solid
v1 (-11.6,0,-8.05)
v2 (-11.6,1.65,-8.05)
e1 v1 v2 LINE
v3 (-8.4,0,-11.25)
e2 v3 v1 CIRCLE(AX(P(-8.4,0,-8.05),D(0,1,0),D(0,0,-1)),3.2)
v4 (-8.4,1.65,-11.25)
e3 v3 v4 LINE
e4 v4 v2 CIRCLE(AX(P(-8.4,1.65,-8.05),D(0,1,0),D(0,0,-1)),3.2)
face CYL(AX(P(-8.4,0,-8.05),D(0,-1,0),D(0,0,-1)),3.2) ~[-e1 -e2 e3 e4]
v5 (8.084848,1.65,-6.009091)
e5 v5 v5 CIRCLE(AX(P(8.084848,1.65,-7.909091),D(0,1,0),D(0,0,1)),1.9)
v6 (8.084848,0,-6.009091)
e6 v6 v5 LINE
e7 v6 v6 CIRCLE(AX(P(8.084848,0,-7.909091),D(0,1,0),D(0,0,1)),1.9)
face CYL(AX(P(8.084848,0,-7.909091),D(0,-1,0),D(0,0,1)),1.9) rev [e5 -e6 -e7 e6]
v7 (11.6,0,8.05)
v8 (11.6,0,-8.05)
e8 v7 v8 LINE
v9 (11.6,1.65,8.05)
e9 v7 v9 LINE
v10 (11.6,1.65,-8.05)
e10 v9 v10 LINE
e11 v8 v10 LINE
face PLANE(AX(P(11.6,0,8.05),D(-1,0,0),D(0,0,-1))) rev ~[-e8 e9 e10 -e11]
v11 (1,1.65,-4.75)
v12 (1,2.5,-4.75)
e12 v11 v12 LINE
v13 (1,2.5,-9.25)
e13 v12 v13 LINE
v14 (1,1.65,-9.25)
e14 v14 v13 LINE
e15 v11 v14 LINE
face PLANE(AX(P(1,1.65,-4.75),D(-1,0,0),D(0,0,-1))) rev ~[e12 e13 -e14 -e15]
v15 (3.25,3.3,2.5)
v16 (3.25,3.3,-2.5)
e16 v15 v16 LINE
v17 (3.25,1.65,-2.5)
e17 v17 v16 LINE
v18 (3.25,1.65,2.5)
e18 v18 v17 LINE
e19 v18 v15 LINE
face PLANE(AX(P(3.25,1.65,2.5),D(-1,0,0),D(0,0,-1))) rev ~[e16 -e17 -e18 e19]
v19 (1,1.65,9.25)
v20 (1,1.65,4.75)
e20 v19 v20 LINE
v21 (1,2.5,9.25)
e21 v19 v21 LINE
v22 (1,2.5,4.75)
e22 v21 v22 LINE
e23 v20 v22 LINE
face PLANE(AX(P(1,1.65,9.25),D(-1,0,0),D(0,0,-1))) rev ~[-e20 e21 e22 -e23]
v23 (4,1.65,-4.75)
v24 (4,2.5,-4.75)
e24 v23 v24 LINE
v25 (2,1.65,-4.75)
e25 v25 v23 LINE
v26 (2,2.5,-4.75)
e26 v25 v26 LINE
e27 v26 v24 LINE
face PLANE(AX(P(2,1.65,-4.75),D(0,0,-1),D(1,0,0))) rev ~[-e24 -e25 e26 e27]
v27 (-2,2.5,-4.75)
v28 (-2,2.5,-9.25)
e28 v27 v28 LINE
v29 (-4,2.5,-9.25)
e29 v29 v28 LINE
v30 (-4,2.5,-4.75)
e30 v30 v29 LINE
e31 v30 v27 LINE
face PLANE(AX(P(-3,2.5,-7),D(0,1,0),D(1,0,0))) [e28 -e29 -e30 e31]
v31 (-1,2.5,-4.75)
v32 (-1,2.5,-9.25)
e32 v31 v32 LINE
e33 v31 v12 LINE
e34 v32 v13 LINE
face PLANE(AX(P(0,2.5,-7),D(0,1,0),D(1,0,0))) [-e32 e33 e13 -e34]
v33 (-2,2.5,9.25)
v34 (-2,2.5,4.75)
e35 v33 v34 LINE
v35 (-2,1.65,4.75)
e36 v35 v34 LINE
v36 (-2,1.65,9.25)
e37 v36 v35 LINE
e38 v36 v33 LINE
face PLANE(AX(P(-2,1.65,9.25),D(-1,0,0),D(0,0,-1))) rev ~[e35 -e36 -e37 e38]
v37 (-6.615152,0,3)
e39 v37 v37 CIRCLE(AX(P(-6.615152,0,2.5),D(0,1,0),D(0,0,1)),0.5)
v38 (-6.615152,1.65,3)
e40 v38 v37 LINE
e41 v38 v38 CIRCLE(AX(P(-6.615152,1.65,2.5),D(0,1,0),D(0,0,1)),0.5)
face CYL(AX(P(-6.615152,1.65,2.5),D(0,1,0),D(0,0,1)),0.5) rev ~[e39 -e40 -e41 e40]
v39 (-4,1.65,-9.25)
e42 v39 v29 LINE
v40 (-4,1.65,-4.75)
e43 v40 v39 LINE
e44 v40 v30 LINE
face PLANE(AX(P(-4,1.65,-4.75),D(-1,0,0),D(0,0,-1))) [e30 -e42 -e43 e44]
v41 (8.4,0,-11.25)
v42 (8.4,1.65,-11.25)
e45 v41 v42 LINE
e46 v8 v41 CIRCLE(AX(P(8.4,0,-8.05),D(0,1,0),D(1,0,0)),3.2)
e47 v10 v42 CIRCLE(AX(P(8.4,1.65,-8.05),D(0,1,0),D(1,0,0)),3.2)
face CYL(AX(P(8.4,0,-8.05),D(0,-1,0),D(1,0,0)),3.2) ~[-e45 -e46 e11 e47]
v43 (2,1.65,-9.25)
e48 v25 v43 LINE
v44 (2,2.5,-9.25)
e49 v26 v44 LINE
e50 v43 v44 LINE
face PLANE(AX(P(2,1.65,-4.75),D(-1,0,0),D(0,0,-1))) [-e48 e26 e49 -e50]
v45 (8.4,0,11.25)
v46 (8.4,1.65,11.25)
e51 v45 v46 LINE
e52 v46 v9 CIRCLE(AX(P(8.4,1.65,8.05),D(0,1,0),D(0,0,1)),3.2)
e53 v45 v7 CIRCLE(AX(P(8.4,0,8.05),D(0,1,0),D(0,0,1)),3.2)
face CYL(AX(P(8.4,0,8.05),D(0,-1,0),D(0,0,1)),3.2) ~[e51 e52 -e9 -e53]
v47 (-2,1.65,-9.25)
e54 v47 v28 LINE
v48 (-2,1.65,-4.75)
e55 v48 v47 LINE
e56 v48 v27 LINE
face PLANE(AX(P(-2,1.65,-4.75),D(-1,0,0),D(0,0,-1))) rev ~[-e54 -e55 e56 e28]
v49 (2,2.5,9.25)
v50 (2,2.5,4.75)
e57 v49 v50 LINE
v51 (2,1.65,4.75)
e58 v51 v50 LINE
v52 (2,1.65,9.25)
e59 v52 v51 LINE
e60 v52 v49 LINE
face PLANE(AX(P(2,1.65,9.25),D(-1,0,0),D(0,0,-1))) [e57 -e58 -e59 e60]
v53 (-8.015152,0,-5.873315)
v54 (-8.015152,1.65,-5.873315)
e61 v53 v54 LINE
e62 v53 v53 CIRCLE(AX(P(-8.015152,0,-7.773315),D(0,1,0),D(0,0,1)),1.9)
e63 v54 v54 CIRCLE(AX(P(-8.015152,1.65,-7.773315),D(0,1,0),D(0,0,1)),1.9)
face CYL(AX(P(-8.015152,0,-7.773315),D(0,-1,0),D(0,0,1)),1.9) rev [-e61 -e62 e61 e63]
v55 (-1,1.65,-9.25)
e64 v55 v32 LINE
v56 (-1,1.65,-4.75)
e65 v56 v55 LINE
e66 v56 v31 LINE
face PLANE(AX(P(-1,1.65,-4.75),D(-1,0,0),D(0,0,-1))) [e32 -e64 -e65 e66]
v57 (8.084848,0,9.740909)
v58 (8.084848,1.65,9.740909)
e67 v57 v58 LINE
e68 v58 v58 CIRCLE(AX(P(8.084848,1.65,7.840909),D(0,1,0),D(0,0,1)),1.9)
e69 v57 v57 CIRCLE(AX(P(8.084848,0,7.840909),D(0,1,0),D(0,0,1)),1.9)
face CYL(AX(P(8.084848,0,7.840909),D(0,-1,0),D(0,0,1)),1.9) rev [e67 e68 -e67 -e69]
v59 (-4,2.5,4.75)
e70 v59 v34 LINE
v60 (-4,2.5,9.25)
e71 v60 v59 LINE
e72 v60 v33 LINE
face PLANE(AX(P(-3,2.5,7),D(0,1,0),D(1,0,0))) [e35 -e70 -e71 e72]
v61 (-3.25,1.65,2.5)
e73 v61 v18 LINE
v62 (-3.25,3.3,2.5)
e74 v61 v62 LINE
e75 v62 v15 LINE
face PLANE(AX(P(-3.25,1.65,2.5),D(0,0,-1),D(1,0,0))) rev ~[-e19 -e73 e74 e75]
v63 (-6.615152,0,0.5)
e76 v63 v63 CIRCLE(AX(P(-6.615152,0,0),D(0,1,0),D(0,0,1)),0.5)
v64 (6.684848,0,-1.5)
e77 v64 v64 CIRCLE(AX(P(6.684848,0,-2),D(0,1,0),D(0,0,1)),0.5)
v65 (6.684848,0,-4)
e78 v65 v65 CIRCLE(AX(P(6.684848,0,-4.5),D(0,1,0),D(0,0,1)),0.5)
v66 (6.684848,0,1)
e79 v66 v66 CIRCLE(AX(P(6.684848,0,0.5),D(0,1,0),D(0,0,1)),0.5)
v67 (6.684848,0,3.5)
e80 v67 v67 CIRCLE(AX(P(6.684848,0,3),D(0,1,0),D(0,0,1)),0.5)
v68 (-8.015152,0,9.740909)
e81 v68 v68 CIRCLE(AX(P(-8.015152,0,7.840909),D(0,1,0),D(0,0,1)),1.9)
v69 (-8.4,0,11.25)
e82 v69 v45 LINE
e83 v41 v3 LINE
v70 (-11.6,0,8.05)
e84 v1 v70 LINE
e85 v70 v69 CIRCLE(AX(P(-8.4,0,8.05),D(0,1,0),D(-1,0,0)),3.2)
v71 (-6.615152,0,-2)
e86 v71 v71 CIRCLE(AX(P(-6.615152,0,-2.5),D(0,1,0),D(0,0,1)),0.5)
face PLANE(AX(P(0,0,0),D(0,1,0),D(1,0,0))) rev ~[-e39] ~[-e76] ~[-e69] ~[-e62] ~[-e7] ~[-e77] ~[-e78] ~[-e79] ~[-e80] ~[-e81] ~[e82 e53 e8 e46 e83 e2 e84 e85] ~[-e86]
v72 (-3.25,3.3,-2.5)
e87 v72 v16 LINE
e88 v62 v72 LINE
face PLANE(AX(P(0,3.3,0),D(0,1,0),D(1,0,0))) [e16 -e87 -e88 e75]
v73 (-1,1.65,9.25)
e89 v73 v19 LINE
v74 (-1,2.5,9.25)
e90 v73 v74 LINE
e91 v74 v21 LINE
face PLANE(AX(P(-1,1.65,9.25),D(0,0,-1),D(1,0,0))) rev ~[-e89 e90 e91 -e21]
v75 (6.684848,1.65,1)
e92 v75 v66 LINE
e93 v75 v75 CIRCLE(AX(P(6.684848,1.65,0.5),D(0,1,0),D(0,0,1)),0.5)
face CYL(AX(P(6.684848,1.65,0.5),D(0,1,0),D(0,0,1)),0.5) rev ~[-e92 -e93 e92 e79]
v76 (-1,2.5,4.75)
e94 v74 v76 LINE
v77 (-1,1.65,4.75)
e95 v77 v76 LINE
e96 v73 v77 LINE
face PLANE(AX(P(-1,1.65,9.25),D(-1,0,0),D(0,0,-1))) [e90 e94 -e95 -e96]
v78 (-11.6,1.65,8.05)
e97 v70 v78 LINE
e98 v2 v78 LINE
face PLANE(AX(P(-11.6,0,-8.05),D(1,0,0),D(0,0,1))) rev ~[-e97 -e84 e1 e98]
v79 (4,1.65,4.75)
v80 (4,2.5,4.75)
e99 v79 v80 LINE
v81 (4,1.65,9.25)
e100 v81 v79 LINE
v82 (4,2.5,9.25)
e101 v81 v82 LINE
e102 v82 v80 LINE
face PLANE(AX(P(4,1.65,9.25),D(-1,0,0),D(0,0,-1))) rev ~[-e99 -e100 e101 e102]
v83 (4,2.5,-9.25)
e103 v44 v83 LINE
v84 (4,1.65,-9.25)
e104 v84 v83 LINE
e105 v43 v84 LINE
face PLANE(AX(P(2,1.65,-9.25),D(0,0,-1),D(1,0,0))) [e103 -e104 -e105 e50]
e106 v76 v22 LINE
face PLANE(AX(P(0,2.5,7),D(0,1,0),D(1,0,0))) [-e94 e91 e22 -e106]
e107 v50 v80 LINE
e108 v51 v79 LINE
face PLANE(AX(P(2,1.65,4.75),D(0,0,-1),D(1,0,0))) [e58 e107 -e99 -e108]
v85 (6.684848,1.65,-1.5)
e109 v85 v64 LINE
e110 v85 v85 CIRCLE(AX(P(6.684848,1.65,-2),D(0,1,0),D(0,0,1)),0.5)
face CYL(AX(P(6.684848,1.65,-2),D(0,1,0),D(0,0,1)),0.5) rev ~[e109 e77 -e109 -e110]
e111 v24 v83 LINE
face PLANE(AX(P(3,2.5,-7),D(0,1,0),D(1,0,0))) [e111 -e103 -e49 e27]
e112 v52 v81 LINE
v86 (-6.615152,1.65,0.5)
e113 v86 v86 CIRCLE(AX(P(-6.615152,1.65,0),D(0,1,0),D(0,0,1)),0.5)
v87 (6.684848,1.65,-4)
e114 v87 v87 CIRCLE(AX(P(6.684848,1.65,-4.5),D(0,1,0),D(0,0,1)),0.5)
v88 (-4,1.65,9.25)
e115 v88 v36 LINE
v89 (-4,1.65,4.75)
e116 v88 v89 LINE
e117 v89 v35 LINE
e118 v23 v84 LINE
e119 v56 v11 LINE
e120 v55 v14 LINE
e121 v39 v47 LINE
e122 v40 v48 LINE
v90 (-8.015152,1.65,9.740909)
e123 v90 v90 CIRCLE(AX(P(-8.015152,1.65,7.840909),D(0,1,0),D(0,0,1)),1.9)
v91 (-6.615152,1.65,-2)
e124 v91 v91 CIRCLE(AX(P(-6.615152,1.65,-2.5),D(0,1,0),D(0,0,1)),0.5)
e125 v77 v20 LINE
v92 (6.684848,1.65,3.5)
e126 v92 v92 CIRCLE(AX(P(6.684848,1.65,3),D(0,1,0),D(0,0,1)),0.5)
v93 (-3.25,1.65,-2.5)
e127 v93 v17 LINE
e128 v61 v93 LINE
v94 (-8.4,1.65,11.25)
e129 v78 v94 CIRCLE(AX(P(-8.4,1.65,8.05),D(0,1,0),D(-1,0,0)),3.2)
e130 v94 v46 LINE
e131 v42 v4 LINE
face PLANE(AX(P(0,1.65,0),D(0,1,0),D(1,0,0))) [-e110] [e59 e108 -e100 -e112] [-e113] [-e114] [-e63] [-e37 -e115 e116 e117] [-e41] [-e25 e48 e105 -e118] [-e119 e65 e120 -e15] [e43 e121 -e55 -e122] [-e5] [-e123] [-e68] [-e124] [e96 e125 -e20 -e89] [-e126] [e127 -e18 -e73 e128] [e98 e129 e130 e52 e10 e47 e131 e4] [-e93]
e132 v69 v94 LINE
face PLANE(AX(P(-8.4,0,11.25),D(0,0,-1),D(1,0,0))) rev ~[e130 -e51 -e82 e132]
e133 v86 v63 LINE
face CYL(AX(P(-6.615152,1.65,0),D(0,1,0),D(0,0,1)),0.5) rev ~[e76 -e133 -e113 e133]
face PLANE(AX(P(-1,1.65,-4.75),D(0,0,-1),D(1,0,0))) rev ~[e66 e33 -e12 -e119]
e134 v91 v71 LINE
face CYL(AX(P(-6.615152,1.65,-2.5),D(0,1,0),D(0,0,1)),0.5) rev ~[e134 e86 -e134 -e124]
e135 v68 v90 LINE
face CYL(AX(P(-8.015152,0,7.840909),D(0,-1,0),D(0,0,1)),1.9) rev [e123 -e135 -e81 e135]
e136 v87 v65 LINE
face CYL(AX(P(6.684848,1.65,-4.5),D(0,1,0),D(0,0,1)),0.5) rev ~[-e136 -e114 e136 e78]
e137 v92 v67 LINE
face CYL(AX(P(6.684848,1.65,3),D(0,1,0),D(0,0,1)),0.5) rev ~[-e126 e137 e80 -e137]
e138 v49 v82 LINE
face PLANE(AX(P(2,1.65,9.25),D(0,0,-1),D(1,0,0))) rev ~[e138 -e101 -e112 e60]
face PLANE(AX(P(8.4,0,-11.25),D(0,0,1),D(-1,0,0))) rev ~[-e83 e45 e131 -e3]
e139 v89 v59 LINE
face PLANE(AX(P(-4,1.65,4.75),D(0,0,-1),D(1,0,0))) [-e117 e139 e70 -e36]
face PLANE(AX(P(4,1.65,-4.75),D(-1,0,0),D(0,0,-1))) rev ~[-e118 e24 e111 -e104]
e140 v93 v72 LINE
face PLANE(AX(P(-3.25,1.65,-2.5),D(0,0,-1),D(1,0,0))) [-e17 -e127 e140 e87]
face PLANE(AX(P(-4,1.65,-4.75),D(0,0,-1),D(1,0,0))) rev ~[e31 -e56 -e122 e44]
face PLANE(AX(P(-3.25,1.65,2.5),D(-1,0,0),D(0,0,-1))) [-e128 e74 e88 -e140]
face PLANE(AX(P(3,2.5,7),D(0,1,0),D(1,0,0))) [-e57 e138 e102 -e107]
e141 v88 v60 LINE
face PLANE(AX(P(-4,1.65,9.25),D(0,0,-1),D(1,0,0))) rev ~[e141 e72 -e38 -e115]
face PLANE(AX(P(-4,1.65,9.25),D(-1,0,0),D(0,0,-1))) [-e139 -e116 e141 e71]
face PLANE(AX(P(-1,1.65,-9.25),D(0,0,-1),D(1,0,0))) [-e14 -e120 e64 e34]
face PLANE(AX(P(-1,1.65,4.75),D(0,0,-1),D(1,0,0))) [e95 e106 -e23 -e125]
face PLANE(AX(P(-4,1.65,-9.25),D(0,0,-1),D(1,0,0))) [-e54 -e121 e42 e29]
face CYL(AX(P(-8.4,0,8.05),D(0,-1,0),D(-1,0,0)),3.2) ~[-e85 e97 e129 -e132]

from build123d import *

# Parameters (mm, degrees)
SKETCH1_R           = 1.9
BOSS_EXTRUDE1_DEPTH = 1.65
SKETCH3_W           = 2
SKETCH3_H           = 4.5
BOSS_EXTRUDE2_DEPTH = 0.85
SKETCH4_W           = 6.5
SKETCH4_H           = 5
BOSS_EXTRUDE3_DEPTH = 1.65
SKETCH5_R           = 0.5
CUT_EXTRUDE1_DEPTH  = 17.243306314


with BuildPart() as part:
    # Sketch1 → Boss-Extrude1 (new body)
    with BuildSketch(Plane(origin=(0, 0, 0), x_dir=(1, 0, 0), z_dir=(0, 1, 0))):
        with BuildLine():
            Line((-8.4, -11.25), (8.4, -11.25))
            ThreePointArc((8.4, -11.25), (10.6627417, -10.3127417), (11.6, -8.05))
            Line((11.6, -8.05), (11.6, 8.05))
            ThreePointArc((11.6, 8.05), (10.6627417, 10.3127417), (8.4, 11.25))
            Line((8.4, 11.25), (-8.4, 11.25))
            ThreePointArc((-8.4, 11.25), (-10.6627417, 10.3127417), (-11.6, 8.05))
            Line((-11.6, 8.05), (-11.6, -8.05))
            ThreePointArc((-11.6, -8.05), (-10.6627417, -10.3127417), (-8.4, -11.25))
        make_face()
        with Locations(Location((-8.015151515, 7.773315047, 0), (0, 0, 270))):
            Circle(SKETCH1_R, mode=Mode.SUBTRACT)
        with Locations(Location((8.084848485, 7.909090909, 0), (0, 0, 270))):
            Circle(SKETCH1_R, mode=Mode.SUBTRACT)
        with Locations(Location((8.084848485, -7.840909091, 0), (0, 0, 270))):
            Circle(SKETCH1_R, mode=Mode.SUBTRACT)
        with Locations(Location((-8.015151515, -7.840909091, 0), (0, 0, 270))):
            Circle(SKETCH1_R, mode=Mode.SUBTRACT)
    extrude(amount=BOSS_EXTRUDE1_DEPTH)

    # Sketch3 → Boss-Extrude2 (add)
    with BuildSketch(Plane(origin=(0, 1.65, 0), x_dir=(1, 0, 0), z_dir=(0, 1, 0))):
        with Locations((-3, 7)):
            Rectangle(SKETCH3_W, SKETCH3_H)
        with Locations((0, 7)):
            Rectangle(SKETCH3_W, SKETCH3_H)
        with Locations((3, 7)):
            Rectangle(SKETCH3_W, SKETCH3_H)
        with Locations((3, -7)):
            Rectangle(SKETCH3_W, SKETCH3_H)
        with Locations((0, -7)):
            Rectangle(SKETCH3_W, SKETCH3_H)
        with Locations((-3, -7)):
            Rectangle(SKETCH3_W, SKETCH3_H)
    extrude(amount=BOSS_EXTRUDE2_DEPTH)

    # Sketch4 → Boss-Extrude3 (add)
    with BuildSketch(Plane(origin=(0, 1.65, 0), x_dir=(1, 0, 0), z_dir=(0, 1, 0))):
        Rectangle(SKETCH4_W, SKETCH4_H)
    extrude(amount=BOSS_EXTRUDE3_DEPTH)

    # Sketch5 → Cut-Extrude1 (cut, through all)
    with BuildSketch(Plane(origin=(0, 1.65, 0), x_dir=(1, 0, 0), z_dir=(0, 1, 0))):
        with Locations(Location((-6.615151515, 0, 0), (0, 0, 270))):
            Circle(SKETCH5_R)
        with Locations(Location((-6.615151515, 2.5, 0), (0, 0, 270))):
            Circle(SKETCH5_R)
        with Locations(Location((-6.615151515, -2.5, 0), (0, 0, 270))):
            Circle(SKETCH5_R)
        with Locations(Location((6.684848485, 4.5, 0), (0, 0, 270))):
            Circle(SKETCH5_R)
        with Locations(Location((6.684848485, 2, 0), (0, 0, 270))):
            Circle(SKETCH5_R)
        with Locations(Location((6.684848485, -0.5, 0), (0, 0, 270))):
            Circle(SKETCH5_R)
        with Locations(Location((6.684848485, -3, 0), (0, 0, 270))):
            Circle(SKETCH5_R)
    extrude(amount=-CUT_EXTRUDE1_DEPTH, mode=Mode.SUBTRACT)


solid = part.part
